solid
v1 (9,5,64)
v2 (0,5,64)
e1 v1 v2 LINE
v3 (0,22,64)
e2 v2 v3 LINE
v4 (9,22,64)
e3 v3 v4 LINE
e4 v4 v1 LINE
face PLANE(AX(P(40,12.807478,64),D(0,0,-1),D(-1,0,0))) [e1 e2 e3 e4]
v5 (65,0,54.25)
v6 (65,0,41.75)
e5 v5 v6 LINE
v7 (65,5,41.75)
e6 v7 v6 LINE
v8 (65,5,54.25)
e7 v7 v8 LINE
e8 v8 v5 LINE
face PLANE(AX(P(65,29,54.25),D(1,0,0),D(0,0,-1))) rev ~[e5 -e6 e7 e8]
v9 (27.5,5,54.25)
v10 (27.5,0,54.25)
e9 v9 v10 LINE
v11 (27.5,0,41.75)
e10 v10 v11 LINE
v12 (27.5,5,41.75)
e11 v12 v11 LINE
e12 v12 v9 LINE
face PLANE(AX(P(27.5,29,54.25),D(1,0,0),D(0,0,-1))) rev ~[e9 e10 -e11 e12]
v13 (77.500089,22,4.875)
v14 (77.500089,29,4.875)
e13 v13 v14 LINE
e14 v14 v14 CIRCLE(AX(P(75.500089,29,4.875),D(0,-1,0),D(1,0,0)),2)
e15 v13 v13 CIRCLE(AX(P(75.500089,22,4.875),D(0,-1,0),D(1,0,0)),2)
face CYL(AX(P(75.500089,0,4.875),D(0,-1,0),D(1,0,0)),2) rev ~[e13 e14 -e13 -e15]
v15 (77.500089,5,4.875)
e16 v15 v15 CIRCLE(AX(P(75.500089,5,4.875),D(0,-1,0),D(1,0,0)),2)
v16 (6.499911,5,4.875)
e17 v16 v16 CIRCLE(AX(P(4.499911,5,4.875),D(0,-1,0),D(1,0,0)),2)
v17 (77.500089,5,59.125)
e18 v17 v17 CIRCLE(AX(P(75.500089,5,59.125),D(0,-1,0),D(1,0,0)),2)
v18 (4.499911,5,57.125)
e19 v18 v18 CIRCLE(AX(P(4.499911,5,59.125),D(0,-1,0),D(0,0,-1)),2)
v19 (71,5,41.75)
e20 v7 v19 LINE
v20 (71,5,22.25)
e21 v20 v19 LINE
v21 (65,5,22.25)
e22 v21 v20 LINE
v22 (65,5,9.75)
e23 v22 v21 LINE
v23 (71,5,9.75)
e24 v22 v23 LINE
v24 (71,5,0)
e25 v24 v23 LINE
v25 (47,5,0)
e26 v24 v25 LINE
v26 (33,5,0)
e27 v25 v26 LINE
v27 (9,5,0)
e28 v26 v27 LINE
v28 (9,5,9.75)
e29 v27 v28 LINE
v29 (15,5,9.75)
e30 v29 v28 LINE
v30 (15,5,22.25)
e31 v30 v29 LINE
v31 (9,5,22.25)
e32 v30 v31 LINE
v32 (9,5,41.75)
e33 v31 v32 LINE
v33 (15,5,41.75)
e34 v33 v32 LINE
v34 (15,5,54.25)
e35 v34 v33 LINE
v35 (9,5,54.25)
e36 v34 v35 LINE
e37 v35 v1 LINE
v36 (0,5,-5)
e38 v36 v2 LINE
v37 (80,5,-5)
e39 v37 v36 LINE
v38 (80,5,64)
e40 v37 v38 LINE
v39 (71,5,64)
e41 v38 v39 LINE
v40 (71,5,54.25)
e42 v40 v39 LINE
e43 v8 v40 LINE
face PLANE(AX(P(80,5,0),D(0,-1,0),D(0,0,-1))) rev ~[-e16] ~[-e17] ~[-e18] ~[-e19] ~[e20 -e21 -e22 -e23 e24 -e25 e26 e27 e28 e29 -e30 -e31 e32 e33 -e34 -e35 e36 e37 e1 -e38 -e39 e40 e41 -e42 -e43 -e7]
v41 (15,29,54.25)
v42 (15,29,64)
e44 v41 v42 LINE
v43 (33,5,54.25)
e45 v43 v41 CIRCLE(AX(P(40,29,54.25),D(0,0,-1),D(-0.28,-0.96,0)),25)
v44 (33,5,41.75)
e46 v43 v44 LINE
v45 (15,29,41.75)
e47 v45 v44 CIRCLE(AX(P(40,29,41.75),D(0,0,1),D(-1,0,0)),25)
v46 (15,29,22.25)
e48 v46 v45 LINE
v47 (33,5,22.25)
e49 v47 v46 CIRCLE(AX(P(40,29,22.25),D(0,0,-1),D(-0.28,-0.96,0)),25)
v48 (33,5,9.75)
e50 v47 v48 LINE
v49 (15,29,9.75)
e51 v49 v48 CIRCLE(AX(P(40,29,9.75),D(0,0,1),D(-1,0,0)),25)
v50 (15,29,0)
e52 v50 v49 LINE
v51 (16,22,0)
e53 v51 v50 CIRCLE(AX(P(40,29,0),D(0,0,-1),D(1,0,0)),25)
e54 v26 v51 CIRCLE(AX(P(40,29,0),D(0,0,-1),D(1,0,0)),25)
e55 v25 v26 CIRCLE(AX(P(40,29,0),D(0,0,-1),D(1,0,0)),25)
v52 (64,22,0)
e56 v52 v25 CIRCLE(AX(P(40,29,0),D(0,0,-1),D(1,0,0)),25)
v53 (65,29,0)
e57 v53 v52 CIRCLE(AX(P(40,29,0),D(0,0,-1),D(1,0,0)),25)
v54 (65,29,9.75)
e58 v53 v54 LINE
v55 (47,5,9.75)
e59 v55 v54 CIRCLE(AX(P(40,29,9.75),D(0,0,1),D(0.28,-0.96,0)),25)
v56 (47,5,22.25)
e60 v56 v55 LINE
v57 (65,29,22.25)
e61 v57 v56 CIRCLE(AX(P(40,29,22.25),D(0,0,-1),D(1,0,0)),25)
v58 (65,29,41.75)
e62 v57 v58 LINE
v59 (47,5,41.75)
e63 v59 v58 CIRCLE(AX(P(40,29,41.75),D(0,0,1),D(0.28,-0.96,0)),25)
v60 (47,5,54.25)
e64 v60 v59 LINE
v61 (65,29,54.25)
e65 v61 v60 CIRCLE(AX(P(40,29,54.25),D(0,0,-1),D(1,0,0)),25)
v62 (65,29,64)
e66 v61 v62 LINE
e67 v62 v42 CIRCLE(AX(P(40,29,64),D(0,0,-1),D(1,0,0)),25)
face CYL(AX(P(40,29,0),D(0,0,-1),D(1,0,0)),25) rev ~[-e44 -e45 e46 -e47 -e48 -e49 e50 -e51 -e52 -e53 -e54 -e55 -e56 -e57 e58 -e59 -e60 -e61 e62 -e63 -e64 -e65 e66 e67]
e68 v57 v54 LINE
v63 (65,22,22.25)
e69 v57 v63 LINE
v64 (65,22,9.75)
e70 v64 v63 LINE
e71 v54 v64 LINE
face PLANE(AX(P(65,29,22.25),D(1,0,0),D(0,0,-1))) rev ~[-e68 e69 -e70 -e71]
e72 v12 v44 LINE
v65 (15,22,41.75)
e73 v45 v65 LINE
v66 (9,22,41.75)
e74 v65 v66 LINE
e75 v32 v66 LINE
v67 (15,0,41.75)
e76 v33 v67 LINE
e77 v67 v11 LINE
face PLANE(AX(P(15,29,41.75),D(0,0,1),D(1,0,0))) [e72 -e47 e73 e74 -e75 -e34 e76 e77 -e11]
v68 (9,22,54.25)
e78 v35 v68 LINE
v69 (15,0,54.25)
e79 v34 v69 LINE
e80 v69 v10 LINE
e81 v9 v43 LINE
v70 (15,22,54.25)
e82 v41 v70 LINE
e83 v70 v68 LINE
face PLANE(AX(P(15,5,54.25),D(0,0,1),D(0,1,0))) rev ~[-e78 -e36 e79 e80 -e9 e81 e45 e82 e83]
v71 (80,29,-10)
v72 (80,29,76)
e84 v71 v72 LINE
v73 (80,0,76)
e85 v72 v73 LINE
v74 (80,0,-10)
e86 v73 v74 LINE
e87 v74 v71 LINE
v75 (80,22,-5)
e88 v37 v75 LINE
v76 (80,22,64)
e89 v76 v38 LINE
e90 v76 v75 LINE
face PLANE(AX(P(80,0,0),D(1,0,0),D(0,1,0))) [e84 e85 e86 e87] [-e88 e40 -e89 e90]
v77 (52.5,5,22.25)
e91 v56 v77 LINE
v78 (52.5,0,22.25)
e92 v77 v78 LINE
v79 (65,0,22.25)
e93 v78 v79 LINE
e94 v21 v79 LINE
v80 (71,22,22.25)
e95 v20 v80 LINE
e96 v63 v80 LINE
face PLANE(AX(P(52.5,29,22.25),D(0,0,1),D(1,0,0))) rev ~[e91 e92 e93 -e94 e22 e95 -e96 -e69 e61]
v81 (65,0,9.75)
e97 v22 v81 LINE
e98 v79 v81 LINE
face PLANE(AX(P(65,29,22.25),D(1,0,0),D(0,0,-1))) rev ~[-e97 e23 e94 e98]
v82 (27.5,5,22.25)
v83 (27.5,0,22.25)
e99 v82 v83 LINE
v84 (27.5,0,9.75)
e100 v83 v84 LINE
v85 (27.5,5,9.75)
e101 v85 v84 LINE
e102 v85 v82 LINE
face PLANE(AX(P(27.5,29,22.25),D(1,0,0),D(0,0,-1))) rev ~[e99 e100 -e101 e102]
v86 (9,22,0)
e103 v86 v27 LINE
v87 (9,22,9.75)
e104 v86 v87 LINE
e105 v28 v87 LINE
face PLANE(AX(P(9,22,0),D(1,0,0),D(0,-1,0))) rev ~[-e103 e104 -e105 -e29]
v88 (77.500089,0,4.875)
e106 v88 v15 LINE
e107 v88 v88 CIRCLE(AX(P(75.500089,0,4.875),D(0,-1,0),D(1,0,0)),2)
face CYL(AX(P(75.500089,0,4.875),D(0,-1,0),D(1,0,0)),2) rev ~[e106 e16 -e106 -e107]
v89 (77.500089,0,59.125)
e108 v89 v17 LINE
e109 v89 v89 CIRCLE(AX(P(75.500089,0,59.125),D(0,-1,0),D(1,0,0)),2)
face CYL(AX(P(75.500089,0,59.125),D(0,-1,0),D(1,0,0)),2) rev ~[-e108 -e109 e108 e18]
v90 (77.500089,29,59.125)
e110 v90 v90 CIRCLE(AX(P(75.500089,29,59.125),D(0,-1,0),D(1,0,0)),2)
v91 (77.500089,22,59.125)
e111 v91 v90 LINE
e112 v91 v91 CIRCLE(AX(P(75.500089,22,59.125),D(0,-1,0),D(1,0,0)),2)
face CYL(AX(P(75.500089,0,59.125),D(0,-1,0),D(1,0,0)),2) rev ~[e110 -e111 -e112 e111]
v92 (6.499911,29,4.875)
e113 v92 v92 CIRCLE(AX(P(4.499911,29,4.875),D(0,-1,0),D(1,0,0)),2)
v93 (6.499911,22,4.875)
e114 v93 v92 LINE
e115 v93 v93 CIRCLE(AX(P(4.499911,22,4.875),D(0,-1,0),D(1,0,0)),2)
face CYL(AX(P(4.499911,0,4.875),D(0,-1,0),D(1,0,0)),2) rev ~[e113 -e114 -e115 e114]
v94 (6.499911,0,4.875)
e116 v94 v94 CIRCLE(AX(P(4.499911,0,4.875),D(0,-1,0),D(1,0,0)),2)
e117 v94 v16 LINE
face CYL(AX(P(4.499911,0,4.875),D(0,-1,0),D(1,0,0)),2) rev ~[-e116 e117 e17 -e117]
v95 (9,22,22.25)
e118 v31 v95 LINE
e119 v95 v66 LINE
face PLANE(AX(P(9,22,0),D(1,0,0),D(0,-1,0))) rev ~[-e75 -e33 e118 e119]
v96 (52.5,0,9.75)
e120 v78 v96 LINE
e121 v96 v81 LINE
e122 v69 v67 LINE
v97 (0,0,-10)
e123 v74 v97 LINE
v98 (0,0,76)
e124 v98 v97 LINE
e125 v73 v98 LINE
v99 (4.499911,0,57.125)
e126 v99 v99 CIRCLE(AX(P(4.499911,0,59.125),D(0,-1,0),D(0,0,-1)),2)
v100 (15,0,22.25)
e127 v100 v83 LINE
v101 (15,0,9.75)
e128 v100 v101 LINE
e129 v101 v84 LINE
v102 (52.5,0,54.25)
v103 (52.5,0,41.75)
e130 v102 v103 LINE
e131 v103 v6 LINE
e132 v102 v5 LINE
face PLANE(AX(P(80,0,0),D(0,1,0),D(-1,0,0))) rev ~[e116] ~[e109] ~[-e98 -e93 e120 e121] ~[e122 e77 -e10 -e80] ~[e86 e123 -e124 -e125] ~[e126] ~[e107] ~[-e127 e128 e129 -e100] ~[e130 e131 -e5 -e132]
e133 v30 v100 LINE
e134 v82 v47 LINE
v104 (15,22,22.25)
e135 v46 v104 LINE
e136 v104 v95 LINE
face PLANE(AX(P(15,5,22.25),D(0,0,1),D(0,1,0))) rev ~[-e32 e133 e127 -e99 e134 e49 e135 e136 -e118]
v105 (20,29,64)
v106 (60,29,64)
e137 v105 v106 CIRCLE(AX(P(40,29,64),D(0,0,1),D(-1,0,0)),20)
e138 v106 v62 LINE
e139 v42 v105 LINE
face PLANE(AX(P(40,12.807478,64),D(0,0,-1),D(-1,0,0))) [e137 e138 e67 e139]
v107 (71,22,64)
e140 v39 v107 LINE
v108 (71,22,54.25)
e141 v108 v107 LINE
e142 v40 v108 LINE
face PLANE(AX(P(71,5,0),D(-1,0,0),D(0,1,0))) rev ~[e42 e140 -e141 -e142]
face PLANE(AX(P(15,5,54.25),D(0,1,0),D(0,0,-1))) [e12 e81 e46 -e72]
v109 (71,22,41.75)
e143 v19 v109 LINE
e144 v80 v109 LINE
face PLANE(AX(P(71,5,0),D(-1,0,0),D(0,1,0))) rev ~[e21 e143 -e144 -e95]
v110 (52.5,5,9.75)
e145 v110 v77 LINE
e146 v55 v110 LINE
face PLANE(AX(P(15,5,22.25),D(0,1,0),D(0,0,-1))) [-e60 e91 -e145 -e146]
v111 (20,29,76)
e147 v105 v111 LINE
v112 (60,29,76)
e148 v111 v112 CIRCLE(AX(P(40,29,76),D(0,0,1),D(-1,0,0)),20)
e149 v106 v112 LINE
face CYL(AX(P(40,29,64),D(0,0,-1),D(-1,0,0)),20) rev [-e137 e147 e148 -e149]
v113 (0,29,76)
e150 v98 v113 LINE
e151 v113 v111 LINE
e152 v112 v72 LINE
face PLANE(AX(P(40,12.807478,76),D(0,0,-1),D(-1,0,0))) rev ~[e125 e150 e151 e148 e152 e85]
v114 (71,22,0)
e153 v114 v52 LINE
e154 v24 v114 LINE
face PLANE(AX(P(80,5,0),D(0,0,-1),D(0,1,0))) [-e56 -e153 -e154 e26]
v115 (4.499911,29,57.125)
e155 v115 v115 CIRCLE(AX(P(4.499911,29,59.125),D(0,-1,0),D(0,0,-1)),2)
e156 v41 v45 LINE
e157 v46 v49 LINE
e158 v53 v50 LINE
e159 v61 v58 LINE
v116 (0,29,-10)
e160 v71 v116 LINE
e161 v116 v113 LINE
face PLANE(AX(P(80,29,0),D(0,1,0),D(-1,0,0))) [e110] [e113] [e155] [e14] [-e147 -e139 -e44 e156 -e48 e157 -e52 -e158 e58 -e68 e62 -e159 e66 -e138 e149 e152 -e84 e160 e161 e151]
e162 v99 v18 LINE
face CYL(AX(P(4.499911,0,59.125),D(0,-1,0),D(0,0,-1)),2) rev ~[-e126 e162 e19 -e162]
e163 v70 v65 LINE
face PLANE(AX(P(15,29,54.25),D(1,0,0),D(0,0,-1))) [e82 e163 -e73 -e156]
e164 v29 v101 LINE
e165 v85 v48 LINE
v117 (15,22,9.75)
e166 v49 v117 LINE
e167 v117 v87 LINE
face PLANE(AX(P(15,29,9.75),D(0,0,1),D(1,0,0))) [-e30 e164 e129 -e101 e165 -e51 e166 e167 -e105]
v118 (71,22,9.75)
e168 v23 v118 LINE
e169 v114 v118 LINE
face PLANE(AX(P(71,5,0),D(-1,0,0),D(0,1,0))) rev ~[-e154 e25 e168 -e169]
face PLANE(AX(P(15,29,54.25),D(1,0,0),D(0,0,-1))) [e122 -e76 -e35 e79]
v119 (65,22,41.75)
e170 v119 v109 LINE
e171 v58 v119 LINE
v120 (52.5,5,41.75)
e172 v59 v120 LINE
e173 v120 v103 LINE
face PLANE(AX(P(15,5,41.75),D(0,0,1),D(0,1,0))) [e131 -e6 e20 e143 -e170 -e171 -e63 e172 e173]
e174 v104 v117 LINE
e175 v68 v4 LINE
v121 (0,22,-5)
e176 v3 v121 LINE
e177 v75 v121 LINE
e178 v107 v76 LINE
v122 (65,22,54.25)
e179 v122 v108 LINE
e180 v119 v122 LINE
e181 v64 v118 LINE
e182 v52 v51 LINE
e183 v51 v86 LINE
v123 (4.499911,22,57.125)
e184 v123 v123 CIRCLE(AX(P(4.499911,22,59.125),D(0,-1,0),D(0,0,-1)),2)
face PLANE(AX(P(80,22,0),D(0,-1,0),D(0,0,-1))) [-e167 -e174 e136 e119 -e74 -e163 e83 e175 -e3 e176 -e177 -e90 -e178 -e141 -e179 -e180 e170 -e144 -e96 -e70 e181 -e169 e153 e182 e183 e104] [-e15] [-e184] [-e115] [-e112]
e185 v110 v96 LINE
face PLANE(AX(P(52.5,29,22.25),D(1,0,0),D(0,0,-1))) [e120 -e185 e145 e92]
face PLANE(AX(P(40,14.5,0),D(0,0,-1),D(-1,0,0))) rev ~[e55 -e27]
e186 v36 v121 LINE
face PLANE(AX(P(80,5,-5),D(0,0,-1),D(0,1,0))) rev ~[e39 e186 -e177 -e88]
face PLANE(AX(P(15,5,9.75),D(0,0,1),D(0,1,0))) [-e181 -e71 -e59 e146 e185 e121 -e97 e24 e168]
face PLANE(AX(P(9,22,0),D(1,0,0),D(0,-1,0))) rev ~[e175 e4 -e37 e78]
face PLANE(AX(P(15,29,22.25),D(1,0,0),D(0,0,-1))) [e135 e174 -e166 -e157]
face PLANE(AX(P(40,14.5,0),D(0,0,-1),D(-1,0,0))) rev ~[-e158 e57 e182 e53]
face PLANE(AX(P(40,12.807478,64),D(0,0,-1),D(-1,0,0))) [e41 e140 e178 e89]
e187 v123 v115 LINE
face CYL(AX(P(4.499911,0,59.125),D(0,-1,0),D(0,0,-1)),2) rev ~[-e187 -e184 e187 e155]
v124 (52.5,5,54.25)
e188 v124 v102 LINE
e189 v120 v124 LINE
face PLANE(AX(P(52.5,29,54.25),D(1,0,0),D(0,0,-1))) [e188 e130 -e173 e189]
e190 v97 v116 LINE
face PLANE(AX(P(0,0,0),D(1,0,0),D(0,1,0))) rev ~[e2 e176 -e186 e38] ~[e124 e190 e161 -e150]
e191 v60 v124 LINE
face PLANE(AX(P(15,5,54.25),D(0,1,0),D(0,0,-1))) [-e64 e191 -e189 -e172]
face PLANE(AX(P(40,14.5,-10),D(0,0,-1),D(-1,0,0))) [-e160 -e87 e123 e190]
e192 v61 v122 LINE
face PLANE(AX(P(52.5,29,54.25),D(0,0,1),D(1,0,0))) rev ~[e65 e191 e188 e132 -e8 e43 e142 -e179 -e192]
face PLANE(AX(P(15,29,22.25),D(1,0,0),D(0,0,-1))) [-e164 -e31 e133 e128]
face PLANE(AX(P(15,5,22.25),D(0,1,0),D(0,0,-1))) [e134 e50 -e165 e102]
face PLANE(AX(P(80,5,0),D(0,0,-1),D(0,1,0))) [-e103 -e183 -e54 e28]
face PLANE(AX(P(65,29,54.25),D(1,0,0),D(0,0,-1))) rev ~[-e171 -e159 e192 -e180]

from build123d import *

# Parameters (mm, degrees)
BOSS_EXTRUDE1_DEPTH            = 64
BOSS_EXTRUDE2_DEPTH            = 12
SKETCH3_W                      = 12.5
SKETCH3_H                      = 12.5
CUT_EXTRUDE1_DEPTH             = 29
CUT_EXTRUDE2_REACH             = 106.125
SKETCH5_W                      = 12.5
SKETCH5_H                      = 17
CUT_EXTRUDE2_DIRECTION_2_REACH = 106.125
CUT_EXTRUDE3_REACH             = 116.092
SKETCH6_R                      = 2
SKETCH7_W                      = 80
SKETCH7_H                      = 29
BOSS_EXTRUDE3_DEPTH            = 10
SKETCH8_W                      = 5
SKETCH8_H                      = 17
CUT_EXTRUDE4_DEPTH             = 80


with BuildPart() as part:
    # Sketch1 → Boss-Extrude1 (new body)
    with BuildSketch(Plane.XY):
        with BuildLine():
            Line((0, 0), (80, 0))
            Line((80, 0), (80, 5))
            Line((80, 5), (71, 5))
            Line((71, 5), (71, 22))
            Line((71, 22), (80, 22))
            Line((80, 22), (80, 29))
            Line((80, 29), (65, 29))
            ThreePointArc((65, 29), (40, 4), (15, 29))
            Line((15, 29), (0, 29))
            Line((0, 29), (0, 22))
            Line((0, 22), (9, 22))
            Line((9, 22), (9, 5))
            Line((9, 5), (0, 5))
            Line((0, 5), (0, 0))
        make_face()
    extrude(amount=BOSS_EXTRUDE1_DEPTH)

    # Sketch2 → Boss-Extrude2 (add)
    with BuildSketch(Plane.XY.offset(64)):
        with BuildLine():
            Line((60, 29), (80, 29))
            Line((80, 29), (80, 0))
            Line((80, 0), (0, 0))
            Line((0, 0), (0, 29))
            Line((0, 29), (20, 29))
            ThreePointArc((20, 29), (40, 9), (60, 29))
        make_face()
    extrude(amount=BOSS_EXTRUDE2_DEPTH)

    # Sketch3 → Cut-Extrude1 (cut)
    with BuildSketch(Plane(origin=(0, 29, 0), x_dir=(1, 0, 0), z_dir=(0, 1, 0))):
        with Locations((21.25, -16)):
            Rectangle(SKETCH3_W, SKETCH3_H)
        with Locations((58.75, -16)):
            Rectangle(SKETCH3_W, SKETCH3_H)
        with Locations((21.25, -48)):
            Rectangle(SKETCH3_W, SKETCH3_H)
        with Locations((58.75, -48)):
            Rectangle(SKETCH3_W, SKETCH3_H)
    extrude(amount=-CUT_EXTRUDE1_DEPTH, mode=Mode.SUBTRACT)

    # Cut-Extrude2: up to this face of the body (flat: up to its plane)
    cut_extrude2_end = Plane(part.part.faces().sort_by_distance((9, 13.5, 32))[0])
    # Sketch5 → Cut-Extrude2 (cut, up to the picked face)
    with BuildSketch(Plane(origin=(15, 0, 0), x_dir=(0, 0, -1), z_dir=(1, 0, 0)), mode=Mode.PRIVATE) as cut_extrude2_sk1:
        with Locations((-48, 13.5)):
            Rectangle(SKETCH5_W, SKETCH5_H)
    cut_extrude2_tool1 = split(extrude(cut_extrude2_sk1.sketch, amount=-CUT_EXTRUDE2_REACH, mode=Mode.PRIVATE), bisect_by=cut_extrude2_end, keep=Keep.BOTH, mode=Mode.PRIVATE)
    # Sketch5 → Cut-Extrude2 (cut, up to the picked face)
    with BuildSketch(Plane(origin=(15, 0, 0), x_dir=(0, 0, -1), z_dir=(1, 0, 0)), mode=Mode.PRIVATE) as cut_extrude2_sk2:
        with Locations((-16, 13.5)):
            Rectangle(SKETCH5_W, SKETCH5_H)
    cut_extrude2_tool2 = split(extrude(cut_extrude2_sk2.sketch, amount=-CUT_EXTRUDE2_REACH, mode=Mode.PRIVATE), bisect_by=cut_extrude2_end, keep=Keep.BOTH, mode=Mode.PRIVATE)
    add(cut_extrude2_tool1.solids().sort_by(Axis((15, 13.5, 48), (-1, 0, 0)))[0], mode=Mode.SUBTRACT)
    add(cut_extrude2_tool2.solids().sort_by(Axis((15, 13.5, 16), (-1, 0, 0)))[0], mode=Mode.SUBTRACT)

    # Cut-Extrude2 direction 2: up to this face of the body (flat: up to its plane)
    cut_extrude2_direction_2_end = Plane(part.part.faces().sort_by_distance((71, 13.5, 32))[0])
    # Sketch5 → Cut-Extrude2 direction 2 (cut, up to the picked face)
    with BuildSketch(Plane(origin=(15, 0, 0), x_dir=(0, 0, -1), z_dir=(1, 0, 0)), mode=Mode.PRIVATE) as cut_extrude2_direction_2_sk1:
        with Locations((-48, 13.5)):
            Rectangle(SKETCH5_W, SKETCH5_H)
    cut_extrude2_direction_2_tool1 = split(extrude(cut_extrude2_direction_2_sk1.sketch, amount=CUT_EXTRUDE2_DIRECTION_2_REACH, mode=Mode.PRIVATE), bisect_by=cut_extrude2_direction_2_end, keep=Keep.BOTH, mode=Mode.PRIVATE)
    # Sketch5 → Cut-Extrude2 direction 2 (cut, up to the picked face)
    with BuildSketch(Plane(origin=(15, 0, 0), x_dir=(0, 0, -1), z_dir=(1, 0, 0)), mode=Mode.PRIVATE) as cut_extrude2_direction_2_sk2:
        with Locations((-16, 13.5)):
            Rectangle(SKETCH5_W, SKETCH5_H)
    cut_extrude2_direction_2_tool2 = split(extrude(cut_extrude2_direction_2_sk2.sketch, amount=CUT_EXTRUDE2_DIRECTION_2_REACH, mode=Mode.PRIVATE), bisect_by=cut_extrude2_direction_2_end, keep=Keep.BOTH, mode=Mode.PRIVATE)
    add(cut_extrude2_direction_2_tool1.solids().sort_by(Axis((15, 13.5, 48), (1, 0, 0)))[0], mode=Mode.SUBTRACT)
    add(cut_extrude2_direction_2_tool2.solids().sort_by(Axis((15, 13.5, 16), (1, 0, 0)))[0], mode=Mode.SUBTRACT)

    # Cut-Extrude3: up to this face of the body (flat: up to its plane)
    cut_extrude3_end = Plane(part.part.faces().sort_by_distance((72, 29, 39.6))[0])
    # Sketch6 → Cut-Extrude3 (cut, up to the picked face)
    with BuildSketch(Plane(origin=(0, 0, 0), x_dir=(-1, 0, 0), z_dir=(0, -1, 0)), mode=Mode.PRIVATE) as cut_extrude3_sk1:
        with Locations(Location((-4.499910861, -59.125, 0), (0, 0, 90))):
            Circle(SKETCH6_R)
    cut_extrude3_tool1 = split(extrude(cut_extrude3_sk1.sketch, amount=-CUT_EXTRUDE3_REACH, mode=Mode.PRIVATE), bisect_by=cut_extrude3_end, keep=Keep.BOTH, mode=Mode.PRIVATE)
    # Sketch6 → Cut-Extrude3 (cut, up to the picked face)
    with BuildSketch(Plane(origin=(0, 0, 0), x_dir=(-1, 0, 0), z_dir=(0, -1, 0)), mode=Mode.PRIVATE) as cut_extrude3_sk2:
        with Locations(Location((-4.499910861, -4.875, 0), (0, 0, 180))):
            Circle(SKETCH6_R)
    cut_extrude3_tool2 = split(extrude(cut_extrude3_sk2.sketch, amount=-CUT_EXTRUDE3_REACH, mode=Mode.PRIVATE), bisect_by=cut_extrude3_end, keep=Keep.BOTH, mode=Mode.PRIVATE)
    # Sketch6 → Cut-Extrude3 (cut, up to the picked face)
    with BuildSketch(Plane(origin=(0, 0, 0), x_dir=(-1, 0, 0), z_dir=(0, -1, 0)), mode=Mode.PRIVATE) as cut_extrude3_sk3:
        with Locations(Location((-75.500089139, -4.875, 0), (0, 0, 180))):
            Circle(SKETCH6_R)
    cut_extrude3_tool3 = split(extrude(cut_extrude3_sk3.sketch, amount=-CUT_EXTRUDE3_REACH, mode=Mode.PRIVATE), bisect_by=cut_extrude3_end, keep=Keep.BOTH, mode=Mode.PRIVATE)
    # Sketch6 → Cut-Extrude3 (cut, up to the picked face)
    with BuildSketch(Plane(origin=(0, 0, 0), x_dir=(-1, 0, 0), z_dir=(0, -1, 0)), mode=Mode.PRIVATE) as cut_extrude3_sk4:
        with Locations(Location((-75.500089139, -59.125, 0), (0, 0, 180))):
            Circle(SKETCH6_R)
    cut_extrude3_tool4 = split(extrude(cut_extrude3_sk4.sketch, amount=-CUT_EXTRUDE3_REACH, mode=Mode.PRIVATE), bisect_by=cut_extrude3_end, keep=Keep.BOTH, mode=Mode.PRIVATE)
    add(cut_extrude3_tool1.solids().sort_by(Axis((4.499911, 0, 59.125), (0, 1, 0)))[0], mode=Mode.SUBTRACT)
    add(cut_extrude3_tool2.solids().sort_by(Axis((4.499911, 0, 4.875), (0, 1, 0)))[0], mode=Mode.SUBTRACT)
    add(cut_extrude3_tool3.solids().sort_by(Axis((75.500089, 0, 4.875), (0, 1, 0)))[0], mode=Mode.SUBTRACT)
    add(cut_extrude3_tool4.solids().sort_by(Axis((75.500089, 0, 59.125), (0, 1, 0)))[0], mode=Mode.SUBTRACT)

    # Sketch7 → Boss-Extrude3 (add)
    with BuildSketch(Plane(origin=(0, 0, 0), x_dir=(-1, 0, 0), z_dir=(0, 0, -1))):
        with Locations((-40, 14.5)):
            Rectangle(SKETCH7_W, SKETCH7_H)
    extrude(amount=BOSS_EXTRUDE3_DEPTH)

    # Sketch8 → Cut-Extrude4 (cut)
    with BuildSketch(Plane(origin=(80, 0, 0), x_dir=(0, 0, -1), z_dir=(1, 0, 0))):
        with Locations((2.5, 13.5)):
            Rectangle(SKETCH8_W, SKETCH8_H)
    extrude(amount=-CUT_EXTRUDE4_DEPTH, mode=Mode.SUBTRACT)


solid = part.part
